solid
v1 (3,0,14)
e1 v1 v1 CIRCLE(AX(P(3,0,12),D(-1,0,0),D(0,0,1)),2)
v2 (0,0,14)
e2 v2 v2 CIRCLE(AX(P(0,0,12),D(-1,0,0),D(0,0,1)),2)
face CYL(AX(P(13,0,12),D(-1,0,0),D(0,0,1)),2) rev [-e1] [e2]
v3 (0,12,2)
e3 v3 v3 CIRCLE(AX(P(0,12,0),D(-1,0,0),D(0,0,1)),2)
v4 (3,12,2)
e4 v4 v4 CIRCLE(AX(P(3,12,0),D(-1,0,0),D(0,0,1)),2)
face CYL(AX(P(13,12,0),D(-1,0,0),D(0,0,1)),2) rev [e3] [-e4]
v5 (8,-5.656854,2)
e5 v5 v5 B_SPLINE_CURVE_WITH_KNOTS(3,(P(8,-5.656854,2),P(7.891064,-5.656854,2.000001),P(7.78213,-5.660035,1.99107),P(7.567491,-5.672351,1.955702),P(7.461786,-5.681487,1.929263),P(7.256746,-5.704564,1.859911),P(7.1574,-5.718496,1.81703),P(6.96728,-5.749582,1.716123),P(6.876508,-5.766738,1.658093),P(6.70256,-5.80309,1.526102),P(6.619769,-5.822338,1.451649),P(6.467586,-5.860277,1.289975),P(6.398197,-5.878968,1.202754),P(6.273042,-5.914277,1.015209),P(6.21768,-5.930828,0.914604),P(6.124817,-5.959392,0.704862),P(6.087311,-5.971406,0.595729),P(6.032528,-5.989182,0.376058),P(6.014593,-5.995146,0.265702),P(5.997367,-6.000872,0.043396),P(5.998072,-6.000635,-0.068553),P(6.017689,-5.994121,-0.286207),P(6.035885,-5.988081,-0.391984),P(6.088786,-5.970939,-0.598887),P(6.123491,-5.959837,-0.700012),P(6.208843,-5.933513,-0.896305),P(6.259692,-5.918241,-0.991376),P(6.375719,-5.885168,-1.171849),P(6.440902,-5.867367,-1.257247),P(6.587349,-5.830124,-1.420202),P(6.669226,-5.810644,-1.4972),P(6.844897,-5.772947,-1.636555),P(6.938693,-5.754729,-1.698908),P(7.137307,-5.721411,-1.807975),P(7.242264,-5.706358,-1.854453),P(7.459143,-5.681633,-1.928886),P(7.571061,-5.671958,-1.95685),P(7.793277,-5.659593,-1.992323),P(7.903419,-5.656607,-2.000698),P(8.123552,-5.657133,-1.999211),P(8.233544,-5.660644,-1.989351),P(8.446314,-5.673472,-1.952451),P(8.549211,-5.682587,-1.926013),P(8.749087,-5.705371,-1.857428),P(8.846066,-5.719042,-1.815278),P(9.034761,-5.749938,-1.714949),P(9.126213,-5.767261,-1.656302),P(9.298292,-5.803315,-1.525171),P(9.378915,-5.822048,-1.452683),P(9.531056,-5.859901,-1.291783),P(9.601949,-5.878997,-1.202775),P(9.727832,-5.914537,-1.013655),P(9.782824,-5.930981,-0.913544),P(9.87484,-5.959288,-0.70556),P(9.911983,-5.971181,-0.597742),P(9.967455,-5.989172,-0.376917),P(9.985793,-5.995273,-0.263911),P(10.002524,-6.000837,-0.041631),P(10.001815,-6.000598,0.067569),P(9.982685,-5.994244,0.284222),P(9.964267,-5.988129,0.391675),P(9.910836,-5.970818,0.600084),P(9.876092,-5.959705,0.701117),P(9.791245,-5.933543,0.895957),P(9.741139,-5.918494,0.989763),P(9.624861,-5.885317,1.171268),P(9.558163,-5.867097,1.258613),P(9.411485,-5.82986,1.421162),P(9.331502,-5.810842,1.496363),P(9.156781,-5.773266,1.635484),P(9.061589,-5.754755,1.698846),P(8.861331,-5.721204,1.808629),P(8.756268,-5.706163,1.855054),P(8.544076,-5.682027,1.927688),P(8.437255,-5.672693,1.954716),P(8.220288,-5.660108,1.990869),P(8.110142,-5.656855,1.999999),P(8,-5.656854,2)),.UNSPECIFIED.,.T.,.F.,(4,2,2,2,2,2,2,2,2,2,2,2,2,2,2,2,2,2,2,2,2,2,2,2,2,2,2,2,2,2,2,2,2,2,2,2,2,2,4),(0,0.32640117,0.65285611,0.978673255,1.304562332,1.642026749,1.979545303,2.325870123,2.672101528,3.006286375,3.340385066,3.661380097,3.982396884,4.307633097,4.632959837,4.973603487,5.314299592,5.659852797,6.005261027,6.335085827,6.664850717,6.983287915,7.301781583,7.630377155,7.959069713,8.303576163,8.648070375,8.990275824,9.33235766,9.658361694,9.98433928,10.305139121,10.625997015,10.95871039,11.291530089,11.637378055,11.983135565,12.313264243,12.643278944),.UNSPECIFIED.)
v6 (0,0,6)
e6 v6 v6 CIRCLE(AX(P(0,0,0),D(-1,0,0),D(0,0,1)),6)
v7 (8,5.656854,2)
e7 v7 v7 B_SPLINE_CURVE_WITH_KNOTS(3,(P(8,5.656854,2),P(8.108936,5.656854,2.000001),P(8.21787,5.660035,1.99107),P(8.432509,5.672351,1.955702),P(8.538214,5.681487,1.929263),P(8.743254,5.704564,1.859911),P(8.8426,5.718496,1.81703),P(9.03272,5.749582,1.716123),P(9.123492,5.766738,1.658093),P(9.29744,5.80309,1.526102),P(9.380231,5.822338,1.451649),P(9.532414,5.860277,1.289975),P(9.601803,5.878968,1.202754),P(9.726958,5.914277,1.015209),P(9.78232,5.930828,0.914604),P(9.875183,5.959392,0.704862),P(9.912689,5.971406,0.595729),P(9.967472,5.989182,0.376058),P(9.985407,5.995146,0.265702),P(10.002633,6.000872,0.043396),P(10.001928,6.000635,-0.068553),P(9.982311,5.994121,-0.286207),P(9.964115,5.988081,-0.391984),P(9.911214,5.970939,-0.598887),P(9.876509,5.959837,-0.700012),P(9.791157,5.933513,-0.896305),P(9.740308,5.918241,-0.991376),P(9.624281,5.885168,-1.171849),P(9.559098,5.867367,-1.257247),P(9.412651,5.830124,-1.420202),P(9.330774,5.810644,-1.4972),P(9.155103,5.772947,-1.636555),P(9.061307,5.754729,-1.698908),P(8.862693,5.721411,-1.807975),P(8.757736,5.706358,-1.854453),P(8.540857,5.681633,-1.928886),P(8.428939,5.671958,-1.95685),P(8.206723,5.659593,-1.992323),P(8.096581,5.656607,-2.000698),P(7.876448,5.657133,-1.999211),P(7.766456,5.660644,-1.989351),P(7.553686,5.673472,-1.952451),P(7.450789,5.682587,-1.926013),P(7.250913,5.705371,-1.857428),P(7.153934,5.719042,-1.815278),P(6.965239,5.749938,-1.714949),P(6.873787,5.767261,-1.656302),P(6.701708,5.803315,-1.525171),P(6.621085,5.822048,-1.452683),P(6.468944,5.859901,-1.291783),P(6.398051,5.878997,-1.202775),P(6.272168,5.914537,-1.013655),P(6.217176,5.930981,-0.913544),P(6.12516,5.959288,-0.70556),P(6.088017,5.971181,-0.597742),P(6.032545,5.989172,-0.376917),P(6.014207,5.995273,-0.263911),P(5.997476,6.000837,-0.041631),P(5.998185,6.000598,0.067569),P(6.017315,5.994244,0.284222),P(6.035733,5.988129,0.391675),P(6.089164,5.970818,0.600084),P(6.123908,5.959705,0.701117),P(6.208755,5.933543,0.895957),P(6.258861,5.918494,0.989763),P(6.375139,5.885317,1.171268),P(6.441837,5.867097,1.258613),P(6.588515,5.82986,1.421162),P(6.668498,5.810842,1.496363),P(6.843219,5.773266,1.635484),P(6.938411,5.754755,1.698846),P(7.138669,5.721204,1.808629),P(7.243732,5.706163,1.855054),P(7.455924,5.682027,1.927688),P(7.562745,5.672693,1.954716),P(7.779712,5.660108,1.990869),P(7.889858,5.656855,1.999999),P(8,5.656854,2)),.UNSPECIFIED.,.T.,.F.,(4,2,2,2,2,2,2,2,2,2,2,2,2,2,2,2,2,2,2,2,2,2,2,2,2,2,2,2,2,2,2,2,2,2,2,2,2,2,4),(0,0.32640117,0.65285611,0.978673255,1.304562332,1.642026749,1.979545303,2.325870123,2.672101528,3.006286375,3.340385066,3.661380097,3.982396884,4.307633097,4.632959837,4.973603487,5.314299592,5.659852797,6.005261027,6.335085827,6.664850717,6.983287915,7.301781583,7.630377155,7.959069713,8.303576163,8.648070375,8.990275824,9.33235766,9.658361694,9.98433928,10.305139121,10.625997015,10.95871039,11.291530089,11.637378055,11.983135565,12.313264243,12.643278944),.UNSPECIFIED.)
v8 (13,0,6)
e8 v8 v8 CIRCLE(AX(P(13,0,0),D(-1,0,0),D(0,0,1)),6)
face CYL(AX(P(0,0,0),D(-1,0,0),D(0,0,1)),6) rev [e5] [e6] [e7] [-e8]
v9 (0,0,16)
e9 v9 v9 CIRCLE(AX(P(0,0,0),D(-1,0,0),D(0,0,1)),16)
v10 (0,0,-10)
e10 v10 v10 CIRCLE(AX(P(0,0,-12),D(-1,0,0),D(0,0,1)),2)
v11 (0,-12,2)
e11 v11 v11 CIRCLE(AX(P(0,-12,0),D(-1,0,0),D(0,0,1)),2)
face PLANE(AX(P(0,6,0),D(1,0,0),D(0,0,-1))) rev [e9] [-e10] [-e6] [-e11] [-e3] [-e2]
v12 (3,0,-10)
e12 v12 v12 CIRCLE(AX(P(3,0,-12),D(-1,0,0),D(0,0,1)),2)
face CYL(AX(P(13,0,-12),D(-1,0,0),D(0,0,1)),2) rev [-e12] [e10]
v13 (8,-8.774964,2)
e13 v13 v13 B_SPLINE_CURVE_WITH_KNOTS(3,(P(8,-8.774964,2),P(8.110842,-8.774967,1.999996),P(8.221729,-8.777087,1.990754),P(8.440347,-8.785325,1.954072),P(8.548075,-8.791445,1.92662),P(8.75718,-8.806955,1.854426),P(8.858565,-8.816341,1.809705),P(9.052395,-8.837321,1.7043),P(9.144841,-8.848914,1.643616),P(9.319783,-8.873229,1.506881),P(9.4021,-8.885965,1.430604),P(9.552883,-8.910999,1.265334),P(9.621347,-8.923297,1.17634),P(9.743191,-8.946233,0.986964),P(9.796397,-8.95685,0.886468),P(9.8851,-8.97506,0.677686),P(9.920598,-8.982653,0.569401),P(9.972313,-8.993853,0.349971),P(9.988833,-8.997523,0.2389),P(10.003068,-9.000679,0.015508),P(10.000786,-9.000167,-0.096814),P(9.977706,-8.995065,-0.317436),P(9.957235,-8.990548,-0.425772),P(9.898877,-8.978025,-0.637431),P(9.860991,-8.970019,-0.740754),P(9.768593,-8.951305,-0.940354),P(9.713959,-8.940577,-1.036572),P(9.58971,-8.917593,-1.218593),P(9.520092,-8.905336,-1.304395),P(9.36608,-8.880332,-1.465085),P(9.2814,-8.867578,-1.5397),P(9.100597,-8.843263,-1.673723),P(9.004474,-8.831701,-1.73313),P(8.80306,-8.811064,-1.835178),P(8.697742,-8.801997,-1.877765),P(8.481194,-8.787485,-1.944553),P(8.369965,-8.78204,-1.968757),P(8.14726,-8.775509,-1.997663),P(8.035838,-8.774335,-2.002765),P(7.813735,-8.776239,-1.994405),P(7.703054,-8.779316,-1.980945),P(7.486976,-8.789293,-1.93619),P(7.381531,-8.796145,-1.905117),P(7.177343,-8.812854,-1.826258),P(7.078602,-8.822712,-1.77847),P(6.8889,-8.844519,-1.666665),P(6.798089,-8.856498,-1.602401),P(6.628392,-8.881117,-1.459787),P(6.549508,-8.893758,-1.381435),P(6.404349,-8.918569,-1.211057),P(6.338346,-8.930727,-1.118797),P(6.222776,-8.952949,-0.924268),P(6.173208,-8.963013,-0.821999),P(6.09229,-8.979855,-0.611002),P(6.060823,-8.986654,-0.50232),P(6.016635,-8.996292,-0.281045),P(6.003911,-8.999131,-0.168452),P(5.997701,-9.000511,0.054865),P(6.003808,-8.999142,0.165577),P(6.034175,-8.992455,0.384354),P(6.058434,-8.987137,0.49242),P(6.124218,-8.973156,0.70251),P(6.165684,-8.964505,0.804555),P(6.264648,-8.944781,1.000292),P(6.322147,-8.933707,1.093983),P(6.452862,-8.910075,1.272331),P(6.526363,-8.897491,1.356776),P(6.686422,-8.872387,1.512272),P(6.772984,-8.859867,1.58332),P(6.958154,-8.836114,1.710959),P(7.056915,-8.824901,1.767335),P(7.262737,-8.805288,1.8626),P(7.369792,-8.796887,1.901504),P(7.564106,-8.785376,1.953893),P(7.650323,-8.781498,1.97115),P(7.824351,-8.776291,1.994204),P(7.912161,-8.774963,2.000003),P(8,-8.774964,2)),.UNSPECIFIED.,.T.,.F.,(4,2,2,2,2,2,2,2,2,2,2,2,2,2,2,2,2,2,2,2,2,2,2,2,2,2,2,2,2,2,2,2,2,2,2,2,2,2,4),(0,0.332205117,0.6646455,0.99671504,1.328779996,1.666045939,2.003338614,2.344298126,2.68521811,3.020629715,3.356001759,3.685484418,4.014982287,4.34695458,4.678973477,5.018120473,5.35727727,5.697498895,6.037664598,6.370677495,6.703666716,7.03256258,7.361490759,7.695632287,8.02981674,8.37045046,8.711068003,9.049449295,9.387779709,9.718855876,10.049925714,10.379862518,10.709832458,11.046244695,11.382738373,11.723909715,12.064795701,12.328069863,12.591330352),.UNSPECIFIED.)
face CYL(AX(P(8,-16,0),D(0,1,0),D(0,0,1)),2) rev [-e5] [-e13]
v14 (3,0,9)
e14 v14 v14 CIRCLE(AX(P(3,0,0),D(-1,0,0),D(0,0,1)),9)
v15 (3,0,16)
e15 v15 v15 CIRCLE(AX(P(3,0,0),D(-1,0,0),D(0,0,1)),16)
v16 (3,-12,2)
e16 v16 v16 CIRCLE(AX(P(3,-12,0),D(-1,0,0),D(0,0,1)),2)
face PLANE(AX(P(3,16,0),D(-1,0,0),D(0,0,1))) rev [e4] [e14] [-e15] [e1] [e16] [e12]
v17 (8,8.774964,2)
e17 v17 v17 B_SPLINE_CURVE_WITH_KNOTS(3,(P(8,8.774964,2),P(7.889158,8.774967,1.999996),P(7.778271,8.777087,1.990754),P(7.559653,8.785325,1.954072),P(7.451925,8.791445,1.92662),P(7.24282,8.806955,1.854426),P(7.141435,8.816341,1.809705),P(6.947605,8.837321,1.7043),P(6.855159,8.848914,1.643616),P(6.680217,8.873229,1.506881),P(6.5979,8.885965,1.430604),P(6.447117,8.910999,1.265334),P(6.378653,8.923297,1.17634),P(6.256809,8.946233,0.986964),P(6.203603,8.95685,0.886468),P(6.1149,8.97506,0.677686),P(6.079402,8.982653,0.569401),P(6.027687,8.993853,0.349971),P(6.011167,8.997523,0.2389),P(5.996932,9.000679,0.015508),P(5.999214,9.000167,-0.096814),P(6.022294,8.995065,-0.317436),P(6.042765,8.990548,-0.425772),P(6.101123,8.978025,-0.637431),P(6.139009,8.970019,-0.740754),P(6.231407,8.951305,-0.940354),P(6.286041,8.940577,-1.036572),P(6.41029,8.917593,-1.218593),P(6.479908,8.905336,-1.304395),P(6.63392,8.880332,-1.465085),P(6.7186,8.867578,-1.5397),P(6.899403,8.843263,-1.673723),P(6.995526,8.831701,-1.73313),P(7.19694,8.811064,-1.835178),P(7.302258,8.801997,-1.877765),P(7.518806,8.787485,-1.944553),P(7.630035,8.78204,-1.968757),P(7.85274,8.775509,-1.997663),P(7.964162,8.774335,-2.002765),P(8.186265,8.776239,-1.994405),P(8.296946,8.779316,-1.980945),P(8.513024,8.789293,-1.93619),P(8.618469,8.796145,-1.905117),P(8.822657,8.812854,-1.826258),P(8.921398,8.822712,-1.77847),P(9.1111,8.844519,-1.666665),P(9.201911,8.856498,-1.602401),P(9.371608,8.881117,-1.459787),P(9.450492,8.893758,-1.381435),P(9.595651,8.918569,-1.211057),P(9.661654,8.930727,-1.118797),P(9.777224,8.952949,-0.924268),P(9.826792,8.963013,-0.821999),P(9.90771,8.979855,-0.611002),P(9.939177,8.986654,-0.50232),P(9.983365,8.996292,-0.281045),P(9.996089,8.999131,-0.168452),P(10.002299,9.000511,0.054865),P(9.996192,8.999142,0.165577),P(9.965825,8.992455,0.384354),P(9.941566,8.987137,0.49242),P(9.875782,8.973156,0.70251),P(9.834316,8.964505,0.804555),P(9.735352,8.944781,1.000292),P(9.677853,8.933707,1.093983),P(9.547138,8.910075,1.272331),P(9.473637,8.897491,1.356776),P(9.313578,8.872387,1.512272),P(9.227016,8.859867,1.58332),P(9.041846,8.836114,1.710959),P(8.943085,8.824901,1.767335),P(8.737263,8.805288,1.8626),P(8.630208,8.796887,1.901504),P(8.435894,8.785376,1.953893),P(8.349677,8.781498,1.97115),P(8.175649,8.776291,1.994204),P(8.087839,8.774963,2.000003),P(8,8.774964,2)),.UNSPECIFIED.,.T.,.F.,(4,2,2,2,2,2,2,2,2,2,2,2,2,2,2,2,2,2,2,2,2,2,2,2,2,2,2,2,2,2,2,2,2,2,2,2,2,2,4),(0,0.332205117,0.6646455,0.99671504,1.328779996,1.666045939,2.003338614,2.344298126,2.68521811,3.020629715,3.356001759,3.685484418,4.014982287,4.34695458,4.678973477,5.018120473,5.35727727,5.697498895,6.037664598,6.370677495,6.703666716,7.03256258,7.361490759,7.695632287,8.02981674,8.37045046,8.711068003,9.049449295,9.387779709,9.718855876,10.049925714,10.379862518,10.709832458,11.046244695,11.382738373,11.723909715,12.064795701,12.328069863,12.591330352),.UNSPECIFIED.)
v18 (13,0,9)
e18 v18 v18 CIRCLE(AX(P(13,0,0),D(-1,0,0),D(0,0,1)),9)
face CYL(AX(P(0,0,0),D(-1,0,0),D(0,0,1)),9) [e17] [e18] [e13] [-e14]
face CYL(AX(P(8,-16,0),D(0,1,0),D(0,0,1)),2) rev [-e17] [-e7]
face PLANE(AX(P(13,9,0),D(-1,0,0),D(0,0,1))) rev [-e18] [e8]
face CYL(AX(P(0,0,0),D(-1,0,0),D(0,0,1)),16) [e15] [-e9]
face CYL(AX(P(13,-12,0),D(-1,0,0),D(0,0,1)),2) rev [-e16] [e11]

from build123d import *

# Parameters (mm, degrees)
SKETCH2_R               = 2
CUT_EXTRUDE1_DEPTH      = 14
SKETCH3_R               = 2
CUT_EXTRUDE2_DEPTH      = 17
CUT_EXTRUDE2_DEPTH_BACK = 17


with BuildPart() as part:
    # Sketch1 → Revolve1 (revolve)
    with BuildSketch(Plane.XY):
        Polygon((0, 6), (0, 16), (3, 16), (3, 9), (13, 9), (13, 6), align=None)
    revolve(axis=Axis((0, 0, 0), (1, 0, 0)))

    # Sketch2 → Cut-Extrude1 (cut, through all)
    with BuildSketch(Plane.ZY):
        with Locations((0, 12)):
            Circle(SKETCH2_R)
        with Locations((12, 0)):
            Circle(SKETCH2_R)
        with Locations((0, -12)):
            Circle(SKETCH2_R)
        with Locations((-12, 0)):
            Circle(SKETCH2_R)
    extrude(amount=-CUT_EXTRUDE1_DEPTH, mode=Mode.SUBTRACT)

    # Sketch3 → Cut-Extrude2 (cut, two sides)
    with BuildSketch(Plane(origin=(0, 0, 0), x_dir=(1, 0, 0), z_dir=(0, 1, 0))) as cut_extrude2_sk:
        with Locations((8, 0)):
            Circle(SKETCH3_R)
    extrude(amount=CUT_EXTRUDE2_DEPTH, mode=Mode.SUBTRACT)
    extrude(cut_extrude2_sk.sketch, amount=-CUT_EXTRUDE2_DEPTH_BACK, mode=Mode.SUBTRACT)


solid = part.part
